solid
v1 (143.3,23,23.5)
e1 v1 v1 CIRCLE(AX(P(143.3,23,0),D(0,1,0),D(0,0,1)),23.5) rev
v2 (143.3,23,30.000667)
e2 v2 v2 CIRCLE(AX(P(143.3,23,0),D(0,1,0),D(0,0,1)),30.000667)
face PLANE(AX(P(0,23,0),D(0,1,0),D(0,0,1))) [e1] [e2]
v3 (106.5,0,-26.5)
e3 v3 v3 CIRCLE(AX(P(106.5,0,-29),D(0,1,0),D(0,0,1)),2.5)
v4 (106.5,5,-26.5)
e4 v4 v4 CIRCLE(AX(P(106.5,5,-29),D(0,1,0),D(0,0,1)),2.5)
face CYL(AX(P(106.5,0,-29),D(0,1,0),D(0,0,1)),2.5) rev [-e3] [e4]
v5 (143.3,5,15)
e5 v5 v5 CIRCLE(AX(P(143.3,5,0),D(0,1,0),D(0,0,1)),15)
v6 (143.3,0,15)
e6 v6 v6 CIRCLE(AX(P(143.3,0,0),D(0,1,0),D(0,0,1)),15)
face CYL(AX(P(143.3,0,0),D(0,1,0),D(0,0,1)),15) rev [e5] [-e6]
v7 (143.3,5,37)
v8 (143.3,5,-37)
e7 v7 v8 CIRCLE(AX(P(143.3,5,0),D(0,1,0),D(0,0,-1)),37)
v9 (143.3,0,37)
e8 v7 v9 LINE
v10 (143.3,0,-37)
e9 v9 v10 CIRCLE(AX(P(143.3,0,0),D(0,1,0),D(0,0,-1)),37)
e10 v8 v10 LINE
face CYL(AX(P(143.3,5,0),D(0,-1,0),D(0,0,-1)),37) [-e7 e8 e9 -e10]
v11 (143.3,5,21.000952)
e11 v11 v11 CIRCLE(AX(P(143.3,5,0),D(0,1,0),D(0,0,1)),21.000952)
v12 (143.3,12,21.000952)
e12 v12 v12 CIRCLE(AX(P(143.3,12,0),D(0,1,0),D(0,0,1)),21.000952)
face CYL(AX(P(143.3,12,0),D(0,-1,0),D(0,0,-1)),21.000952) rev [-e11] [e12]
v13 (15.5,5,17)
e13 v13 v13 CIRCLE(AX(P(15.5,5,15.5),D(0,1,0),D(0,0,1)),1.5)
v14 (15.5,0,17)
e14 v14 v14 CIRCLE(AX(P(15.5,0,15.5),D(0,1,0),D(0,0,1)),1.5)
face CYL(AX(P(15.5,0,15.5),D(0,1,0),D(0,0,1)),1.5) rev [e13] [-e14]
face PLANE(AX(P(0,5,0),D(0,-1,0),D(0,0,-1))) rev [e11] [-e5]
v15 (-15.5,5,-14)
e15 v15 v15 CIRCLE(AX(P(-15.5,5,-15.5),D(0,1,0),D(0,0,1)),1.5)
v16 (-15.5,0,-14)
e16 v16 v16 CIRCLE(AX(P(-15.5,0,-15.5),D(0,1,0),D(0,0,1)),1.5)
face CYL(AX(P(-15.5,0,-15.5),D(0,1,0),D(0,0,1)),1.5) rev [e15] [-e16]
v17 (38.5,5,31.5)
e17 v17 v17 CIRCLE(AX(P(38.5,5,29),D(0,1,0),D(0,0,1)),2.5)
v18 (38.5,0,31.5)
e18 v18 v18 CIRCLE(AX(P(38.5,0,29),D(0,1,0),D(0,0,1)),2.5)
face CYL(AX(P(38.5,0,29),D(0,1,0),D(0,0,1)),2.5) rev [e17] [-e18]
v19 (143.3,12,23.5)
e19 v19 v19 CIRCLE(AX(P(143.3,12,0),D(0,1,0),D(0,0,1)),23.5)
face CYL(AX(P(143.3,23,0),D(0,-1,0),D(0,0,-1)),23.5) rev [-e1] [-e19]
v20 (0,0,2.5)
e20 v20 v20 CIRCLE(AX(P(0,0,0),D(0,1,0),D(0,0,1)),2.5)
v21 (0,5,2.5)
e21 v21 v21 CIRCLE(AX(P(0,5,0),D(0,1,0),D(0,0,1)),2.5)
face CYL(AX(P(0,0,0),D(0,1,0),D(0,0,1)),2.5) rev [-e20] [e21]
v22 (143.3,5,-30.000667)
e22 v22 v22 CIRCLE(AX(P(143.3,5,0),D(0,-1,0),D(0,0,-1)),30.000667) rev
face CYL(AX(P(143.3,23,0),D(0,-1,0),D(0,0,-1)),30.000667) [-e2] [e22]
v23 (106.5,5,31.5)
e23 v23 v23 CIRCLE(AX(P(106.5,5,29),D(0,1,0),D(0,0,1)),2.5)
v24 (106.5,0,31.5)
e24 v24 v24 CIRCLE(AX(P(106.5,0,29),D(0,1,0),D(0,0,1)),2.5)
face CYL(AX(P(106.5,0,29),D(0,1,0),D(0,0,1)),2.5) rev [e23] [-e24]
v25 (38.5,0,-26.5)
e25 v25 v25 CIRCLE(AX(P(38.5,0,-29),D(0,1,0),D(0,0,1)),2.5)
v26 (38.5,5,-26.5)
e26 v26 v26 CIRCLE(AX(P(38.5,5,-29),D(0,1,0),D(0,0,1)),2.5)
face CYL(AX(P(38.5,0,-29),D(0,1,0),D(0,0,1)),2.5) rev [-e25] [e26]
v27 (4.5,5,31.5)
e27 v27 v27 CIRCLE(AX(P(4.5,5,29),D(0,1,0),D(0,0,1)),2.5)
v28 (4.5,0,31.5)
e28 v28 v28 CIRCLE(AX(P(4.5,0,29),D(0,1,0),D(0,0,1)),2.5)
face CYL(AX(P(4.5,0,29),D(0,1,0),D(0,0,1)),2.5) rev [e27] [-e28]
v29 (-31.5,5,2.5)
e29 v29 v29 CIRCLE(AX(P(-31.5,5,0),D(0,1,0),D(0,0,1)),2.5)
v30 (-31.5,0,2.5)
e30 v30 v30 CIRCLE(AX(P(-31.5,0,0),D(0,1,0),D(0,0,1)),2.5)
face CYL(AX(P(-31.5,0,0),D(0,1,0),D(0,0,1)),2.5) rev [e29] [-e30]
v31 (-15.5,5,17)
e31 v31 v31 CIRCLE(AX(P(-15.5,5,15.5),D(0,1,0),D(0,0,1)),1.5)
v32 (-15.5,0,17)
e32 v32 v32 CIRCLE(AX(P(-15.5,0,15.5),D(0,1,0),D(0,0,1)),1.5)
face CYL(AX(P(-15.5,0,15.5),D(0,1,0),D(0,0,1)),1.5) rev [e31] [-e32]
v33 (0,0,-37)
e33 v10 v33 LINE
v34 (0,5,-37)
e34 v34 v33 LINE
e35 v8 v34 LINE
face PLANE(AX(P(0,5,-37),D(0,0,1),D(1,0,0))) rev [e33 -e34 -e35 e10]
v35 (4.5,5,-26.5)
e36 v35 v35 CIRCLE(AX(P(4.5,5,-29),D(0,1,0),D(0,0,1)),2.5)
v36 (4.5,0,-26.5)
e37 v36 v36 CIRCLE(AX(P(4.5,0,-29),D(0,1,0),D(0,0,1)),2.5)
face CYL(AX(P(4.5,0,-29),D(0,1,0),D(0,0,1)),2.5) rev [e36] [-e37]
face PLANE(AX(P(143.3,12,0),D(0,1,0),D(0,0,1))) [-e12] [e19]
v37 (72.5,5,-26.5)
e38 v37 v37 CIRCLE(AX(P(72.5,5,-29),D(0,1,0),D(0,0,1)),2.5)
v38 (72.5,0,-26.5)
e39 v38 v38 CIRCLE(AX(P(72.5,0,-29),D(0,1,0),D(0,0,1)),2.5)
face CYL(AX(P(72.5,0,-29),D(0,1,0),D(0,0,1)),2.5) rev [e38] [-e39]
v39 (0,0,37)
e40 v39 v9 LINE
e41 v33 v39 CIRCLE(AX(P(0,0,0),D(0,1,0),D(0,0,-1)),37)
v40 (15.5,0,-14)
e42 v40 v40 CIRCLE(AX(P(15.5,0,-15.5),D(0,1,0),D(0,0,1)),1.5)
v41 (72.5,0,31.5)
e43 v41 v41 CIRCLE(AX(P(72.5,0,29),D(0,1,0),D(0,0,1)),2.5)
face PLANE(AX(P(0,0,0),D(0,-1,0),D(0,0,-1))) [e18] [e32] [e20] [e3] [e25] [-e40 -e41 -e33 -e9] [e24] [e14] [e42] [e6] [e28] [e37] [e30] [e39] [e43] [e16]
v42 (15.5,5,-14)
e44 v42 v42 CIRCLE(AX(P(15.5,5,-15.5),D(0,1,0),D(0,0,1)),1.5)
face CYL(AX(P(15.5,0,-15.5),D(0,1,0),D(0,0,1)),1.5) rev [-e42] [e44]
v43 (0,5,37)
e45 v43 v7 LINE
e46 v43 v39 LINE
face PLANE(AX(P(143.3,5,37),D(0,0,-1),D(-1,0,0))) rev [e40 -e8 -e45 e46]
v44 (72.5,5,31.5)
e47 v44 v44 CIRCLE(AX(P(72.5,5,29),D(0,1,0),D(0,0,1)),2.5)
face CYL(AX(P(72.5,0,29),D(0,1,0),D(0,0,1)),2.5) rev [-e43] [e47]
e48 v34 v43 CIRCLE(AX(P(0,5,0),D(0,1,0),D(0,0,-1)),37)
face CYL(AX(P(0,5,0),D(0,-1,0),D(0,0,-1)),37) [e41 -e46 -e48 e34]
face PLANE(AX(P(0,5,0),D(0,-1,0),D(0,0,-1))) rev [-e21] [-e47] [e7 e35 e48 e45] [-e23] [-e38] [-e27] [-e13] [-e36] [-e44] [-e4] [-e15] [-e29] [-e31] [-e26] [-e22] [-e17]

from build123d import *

# Parameters (mm, degrees)
BOSS_EXTRUDE1_DEPTH = 5
SKETCH2_R           = 2.5
SKETCH2_R_2         = 1.5
SKETCH2_R_3         = 15
CUT_EXTRUDE1_DEPTH  = 5
SKETCH3_R           = 2.5
CUT_EXTRUDE2_DEPTH  = 5
SKETCH4_R           = 23.5
SKETCH4_R_2         = 21.000952359
BOSS_EXTRUDE2_DEPTH = 7
SKETCH5_R           = 30.000666659
SKETCH5_R_2         = 23.5
BOSS_EXTRUDE3_DEPTH = 18


with BuildPart() as part:
    # Sketch1 → Boss-Extrude1 (new body)
    with BuildSketch(Plane(origin=(0, 0, 0), x_dir=(1, 0, 0), z_dir=(0, 1, 0))):
        with BuildLine():
            Line((0, 37), (143.3, 37))
            ThreePointArc((143.3, 37), (180.3, 0), (143.3, -37))
            Line((143.3, -37), (0, -37))
            ThreePointArc((0, -37), (-37, 0), (0, 37))
        make_face()
    extrude(amount=BOSS_EXTRUDE1_DEPTH)

    # Sketch2 → Cut-Extrude1 (cut)
    with BuildSketch(Plane(origin=(0, 5, 0), x_dir=(1, 0, 0), z_dir=(0, 1, 0))):
        with Locations(Location((0, 0, 0), (0, 0, 270))):
            Circle(SKETCH2_R)
        with Locations(Location((-15.5, 15.5, 0), (0, 0, 270))):
            Circle(SKETCH2_R_2)
        with Locations(Location((15.5, 15.5, 0), (0, 0, 270))):
            Circle(SKETCH2_R_2)
        with Locations(Location((15.5, -15.5, 0), (0, 0, 270))):
            Circle(SKETCH2_R_2)
        with Locations(Location((-15.5, -15.5, 0), (0, 0, 270))):
            Circle(SKETCH2_R_2)
        with Locations(Location((143.3, 0, 0), (0, 0, 270))):
            Circle(SKETCH2_R_3)
    extrude(amount=-CUT_EXTRUDE1_DEPTH, mode=Mode.SUBTRACT)

    # Sketch3 → Cut-Extrude2 (cut)
    with BuildSketch(Plane(origin=(0, 5, 0), x_dir=(1, 0, 0), z_dir=(0, 1, 0))):
        with Locations(Location((-31.5, 0, 0), (0, 0, 270))):
            Circle(SKETCH3_R)
        with Locations(Location((4.5, -29, 0), (0, 0, 270))):
            Circle(SKETCH3_R)
        with Locations(Location((38.5, -29, 0), (0, 0, 270))):
            Circle(SKETCH3_R)
        with Locations(Location((72.5, -29, 0), (0, 0, 270))):
            Circle(SKETCH3_R)
        with Locations(Location((106.5, -29, 0), (0, 0, 270))):
            Circle(SKETCH3_R)
        with Locations(Location((4.5, 29, 0), (0, 0, 270))):
            Circle(SKETCH3_R)
        with Locations(Location((38.5, 29, 0), (0, 0, 270))):
            Circle(SKETCH3_R)
        with Locations(Location((72.5, 29, 0), (0, 0, 270))):
            Circle(SKETCH3_R)
        with Locations(Location((106.5, 29, 0), (0, 0, 270))):
            Circle(SKETCH3_R)
    extrude(amount=-CUT_EXTRUDE2_DEPTH, mode=Mode.SUBTRACT)

    # Sketch4 → Boss-Extrude2 (add)
    with BuildSketch(Plane(origin=(0, 5, 0), x_dir=(1, 0, 0), z_dir=(0, 1, 0))):
        with Locations(Location((143.3, 0, 0), (0, 0, 270))):
            Circle(SKETCH4_R)
        with Locations(Location((143.3, 0, 0), (0, 0, 270))):
            Circle(SKETCH4_R_2, mode=Mode.SUBTRACT)
    extrude(amount=BOSS_EXTRUDE2_DEPTH)

    # Sketch5 → Boss-Extrude3 (add)
    with BuildSketch(Plane(origin=(0, 5, 0), x_dir=(1, 0, 0), z_dir=(0, 1, 0))):
        with Locations(Location((143.3, 0, 0), (0, 0, 90))):
            Circle(SKETCH5_R)
        with Locations(Location((143.3, 0, 0), (0, 0, 270))):
            Circle(SKETCH5_R_2, mode=Mode.SUBTRACT)
    extrude(amount=BOSS_EXTRUDE3_DEPTH)


solid = part.part
